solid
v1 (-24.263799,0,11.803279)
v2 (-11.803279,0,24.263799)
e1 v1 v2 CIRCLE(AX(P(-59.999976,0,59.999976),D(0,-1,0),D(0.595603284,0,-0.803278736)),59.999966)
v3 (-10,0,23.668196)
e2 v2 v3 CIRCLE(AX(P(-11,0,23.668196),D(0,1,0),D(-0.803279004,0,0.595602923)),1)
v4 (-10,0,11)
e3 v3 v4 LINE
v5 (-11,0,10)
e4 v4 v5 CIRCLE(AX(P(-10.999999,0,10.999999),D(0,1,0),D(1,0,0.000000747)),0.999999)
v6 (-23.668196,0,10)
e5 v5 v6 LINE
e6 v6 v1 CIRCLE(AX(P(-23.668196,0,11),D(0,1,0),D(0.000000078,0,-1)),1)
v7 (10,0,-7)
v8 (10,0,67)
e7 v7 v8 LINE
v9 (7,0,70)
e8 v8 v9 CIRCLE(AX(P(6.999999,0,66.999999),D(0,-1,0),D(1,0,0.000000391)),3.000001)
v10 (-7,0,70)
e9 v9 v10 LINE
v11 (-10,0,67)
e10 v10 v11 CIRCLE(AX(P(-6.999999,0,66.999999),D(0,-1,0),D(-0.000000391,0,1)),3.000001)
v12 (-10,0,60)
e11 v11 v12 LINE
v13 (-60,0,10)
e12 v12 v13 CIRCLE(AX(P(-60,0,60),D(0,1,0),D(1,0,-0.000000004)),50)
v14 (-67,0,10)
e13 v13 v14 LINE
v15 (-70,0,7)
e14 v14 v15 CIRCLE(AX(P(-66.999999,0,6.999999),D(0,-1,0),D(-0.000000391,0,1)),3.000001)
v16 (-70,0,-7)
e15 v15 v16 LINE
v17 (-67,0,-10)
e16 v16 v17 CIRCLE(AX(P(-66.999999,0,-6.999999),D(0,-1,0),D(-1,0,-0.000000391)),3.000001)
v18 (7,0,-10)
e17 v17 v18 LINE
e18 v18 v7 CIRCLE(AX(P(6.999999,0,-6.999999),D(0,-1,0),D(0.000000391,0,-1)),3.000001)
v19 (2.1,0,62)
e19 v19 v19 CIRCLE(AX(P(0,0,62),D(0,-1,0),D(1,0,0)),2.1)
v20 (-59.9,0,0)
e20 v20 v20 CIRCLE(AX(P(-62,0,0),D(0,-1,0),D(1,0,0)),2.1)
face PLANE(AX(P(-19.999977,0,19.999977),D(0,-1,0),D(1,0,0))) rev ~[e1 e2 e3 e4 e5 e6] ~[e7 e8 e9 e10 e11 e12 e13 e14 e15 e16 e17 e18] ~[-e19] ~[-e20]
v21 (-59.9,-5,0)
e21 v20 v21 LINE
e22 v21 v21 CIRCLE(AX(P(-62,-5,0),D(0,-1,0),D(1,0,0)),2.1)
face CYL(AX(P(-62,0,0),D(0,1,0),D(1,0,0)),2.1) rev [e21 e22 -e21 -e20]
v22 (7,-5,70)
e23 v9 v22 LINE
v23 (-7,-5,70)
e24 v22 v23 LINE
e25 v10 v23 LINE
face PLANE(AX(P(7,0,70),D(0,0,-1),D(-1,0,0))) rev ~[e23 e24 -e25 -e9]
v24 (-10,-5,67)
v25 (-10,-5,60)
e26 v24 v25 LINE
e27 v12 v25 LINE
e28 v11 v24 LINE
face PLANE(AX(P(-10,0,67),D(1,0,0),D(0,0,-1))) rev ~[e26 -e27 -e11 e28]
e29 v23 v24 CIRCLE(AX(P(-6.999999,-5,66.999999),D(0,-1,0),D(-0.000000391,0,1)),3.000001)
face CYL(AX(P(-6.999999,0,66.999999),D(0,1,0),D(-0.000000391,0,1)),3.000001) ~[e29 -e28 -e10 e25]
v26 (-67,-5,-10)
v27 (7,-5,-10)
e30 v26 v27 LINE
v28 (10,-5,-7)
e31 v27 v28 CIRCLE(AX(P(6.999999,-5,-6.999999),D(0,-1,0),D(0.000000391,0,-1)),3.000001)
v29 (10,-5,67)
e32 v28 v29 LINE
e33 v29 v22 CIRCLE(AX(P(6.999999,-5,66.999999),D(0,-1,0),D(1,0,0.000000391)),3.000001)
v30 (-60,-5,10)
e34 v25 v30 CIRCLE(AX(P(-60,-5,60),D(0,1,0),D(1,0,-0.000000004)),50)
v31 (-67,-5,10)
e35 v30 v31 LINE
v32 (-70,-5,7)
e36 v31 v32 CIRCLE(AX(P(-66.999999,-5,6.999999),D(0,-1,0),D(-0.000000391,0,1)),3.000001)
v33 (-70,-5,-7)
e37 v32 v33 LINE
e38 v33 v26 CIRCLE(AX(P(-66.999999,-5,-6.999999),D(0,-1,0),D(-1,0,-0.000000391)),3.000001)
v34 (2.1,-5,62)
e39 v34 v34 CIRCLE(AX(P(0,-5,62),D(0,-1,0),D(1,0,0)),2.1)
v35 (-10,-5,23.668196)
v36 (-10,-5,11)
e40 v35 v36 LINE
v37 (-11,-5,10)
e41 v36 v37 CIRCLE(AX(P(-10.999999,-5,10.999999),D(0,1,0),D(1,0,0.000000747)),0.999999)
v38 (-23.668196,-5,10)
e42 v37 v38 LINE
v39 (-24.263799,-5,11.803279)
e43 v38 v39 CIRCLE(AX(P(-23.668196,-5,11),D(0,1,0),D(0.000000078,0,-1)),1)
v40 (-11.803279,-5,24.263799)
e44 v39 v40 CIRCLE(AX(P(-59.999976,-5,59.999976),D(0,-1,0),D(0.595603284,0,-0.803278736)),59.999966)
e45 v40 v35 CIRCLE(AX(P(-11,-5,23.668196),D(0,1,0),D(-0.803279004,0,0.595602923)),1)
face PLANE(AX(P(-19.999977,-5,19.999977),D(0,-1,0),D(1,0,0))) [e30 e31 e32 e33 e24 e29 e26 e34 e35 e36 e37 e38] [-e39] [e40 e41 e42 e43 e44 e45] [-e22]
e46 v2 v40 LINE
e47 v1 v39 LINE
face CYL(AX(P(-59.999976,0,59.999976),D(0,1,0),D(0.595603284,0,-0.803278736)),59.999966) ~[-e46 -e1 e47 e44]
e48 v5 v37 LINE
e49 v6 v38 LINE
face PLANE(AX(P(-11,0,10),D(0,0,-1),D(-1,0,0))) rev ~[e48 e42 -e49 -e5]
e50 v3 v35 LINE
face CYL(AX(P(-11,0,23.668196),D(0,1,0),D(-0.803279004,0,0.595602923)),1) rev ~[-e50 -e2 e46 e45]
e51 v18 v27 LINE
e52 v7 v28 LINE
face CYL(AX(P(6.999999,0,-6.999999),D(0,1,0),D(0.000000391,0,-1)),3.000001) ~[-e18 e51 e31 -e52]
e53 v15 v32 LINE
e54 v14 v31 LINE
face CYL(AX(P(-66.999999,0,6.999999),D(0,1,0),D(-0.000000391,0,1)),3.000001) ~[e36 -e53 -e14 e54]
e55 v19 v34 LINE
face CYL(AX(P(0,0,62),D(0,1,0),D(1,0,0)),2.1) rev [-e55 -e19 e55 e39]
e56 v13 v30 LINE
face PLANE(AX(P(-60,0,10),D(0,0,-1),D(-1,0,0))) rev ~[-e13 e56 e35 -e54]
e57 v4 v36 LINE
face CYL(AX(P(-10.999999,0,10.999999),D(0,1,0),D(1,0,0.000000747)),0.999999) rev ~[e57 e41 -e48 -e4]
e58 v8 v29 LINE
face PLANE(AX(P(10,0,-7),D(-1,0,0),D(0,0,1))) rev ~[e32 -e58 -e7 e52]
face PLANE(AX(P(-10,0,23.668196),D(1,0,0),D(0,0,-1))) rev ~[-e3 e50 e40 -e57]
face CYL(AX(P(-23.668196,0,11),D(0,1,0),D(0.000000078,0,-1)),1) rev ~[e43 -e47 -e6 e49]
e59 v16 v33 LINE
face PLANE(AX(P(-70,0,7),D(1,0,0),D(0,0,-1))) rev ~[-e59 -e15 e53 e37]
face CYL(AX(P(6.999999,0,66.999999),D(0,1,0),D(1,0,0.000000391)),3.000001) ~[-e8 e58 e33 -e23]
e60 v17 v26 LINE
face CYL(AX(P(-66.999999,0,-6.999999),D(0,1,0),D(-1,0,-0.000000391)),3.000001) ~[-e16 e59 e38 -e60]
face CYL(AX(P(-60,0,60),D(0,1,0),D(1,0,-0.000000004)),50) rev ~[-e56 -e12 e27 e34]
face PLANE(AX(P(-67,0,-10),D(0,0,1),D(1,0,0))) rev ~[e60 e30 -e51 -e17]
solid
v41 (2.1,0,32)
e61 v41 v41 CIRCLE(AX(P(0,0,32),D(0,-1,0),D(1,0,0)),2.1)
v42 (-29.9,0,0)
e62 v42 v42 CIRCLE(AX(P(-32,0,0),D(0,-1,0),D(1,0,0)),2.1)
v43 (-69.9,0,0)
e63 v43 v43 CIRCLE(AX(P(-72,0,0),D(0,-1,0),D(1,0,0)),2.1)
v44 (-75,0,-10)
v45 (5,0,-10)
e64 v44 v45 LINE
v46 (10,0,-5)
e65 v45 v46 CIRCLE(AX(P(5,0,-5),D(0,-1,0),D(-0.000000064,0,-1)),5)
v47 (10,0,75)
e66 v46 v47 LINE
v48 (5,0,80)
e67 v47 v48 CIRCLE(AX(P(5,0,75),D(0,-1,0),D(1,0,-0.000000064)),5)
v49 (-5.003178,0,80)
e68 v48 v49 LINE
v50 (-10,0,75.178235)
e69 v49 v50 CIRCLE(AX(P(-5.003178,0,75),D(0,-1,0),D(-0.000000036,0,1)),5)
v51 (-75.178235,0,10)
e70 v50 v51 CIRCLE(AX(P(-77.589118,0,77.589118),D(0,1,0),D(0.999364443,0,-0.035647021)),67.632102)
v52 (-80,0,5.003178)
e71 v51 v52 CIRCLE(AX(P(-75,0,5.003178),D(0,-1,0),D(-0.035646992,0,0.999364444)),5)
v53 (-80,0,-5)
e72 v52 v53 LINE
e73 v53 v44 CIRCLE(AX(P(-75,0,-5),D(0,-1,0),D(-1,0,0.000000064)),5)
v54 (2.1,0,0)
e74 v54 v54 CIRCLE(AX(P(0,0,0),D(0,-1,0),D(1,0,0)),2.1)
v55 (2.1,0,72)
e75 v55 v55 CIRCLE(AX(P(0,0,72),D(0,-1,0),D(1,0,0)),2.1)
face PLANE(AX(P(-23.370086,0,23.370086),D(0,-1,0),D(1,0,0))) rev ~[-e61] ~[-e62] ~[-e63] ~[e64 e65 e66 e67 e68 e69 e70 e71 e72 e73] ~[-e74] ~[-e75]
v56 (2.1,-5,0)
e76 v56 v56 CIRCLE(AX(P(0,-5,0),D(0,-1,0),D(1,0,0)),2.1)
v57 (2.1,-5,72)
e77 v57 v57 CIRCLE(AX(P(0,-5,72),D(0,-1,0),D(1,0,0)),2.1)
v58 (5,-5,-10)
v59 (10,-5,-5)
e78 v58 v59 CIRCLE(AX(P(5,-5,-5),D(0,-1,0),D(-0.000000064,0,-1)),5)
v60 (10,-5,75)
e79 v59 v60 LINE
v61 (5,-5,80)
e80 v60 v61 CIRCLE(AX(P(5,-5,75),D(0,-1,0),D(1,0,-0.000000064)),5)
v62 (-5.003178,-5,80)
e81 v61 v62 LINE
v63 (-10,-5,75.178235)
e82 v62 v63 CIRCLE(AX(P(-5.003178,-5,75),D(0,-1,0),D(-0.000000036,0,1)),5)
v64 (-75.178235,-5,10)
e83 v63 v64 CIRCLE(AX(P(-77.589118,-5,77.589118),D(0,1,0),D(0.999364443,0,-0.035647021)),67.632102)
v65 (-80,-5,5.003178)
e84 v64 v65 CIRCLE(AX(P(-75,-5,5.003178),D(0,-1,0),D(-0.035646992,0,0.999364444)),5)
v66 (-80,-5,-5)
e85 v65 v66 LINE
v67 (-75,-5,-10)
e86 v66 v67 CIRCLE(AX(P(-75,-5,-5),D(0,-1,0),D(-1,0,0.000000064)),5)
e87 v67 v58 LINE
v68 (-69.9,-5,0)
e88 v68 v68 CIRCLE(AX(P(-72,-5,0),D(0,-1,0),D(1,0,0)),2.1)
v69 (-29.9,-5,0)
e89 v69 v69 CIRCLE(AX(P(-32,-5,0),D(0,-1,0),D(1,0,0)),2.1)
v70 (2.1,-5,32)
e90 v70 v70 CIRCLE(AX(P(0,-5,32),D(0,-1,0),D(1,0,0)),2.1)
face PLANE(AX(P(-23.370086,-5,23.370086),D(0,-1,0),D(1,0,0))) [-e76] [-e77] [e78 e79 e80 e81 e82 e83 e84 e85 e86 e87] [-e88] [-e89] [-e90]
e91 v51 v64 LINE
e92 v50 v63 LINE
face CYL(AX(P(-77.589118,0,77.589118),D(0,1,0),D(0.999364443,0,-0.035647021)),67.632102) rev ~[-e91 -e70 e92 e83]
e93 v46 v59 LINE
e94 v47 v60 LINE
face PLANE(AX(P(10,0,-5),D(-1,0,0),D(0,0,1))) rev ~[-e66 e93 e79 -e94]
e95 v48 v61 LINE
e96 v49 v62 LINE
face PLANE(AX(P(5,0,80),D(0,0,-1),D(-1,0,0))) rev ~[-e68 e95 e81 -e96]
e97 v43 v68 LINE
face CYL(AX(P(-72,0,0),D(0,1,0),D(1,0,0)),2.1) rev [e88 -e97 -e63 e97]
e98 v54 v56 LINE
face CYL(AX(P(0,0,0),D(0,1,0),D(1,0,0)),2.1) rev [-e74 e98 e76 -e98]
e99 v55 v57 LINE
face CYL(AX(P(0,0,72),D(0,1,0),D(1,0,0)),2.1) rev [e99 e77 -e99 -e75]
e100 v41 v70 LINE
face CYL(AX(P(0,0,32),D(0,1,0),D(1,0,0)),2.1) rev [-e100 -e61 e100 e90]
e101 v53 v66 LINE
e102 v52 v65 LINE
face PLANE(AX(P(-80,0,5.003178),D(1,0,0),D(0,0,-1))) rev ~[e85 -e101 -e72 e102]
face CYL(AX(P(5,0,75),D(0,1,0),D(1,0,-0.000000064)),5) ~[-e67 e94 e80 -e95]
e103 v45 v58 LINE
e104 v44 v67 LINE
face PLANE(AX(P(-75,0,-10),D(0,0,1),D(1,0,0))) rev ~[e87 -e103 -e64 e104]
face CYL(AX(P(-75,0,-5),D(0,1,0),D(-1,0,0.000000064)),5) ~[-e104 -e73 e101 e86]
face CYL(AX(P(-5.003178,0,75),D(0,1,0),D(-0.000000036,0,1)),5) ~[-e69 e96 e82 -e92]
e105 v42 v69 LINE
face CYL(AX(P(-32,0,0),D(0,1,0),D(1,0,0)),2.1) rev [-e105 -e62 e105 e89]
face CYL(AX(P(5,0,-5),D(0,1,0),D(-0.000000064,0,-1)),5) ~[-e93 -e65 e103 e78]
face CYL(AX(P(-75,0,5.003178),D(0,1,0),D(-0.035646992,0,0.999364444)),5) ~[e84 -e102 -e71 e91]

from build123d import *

# Parameters (mm, degrees)
F0_R     = 2.1
F1_DEPTH = 5
F2_R     = 2.1
F3_DEPTH = 5


with BuildPart() as f1:
    # F0 (on Front) → F1 (new body)
    with BuildSketch(Plane.XZ):
        with BuildLine():
            ThreePointArc((-75.178235, 10), (-78.597998, 8.475124), (-80, 5.003178))
            Line((-80, 5.003178), (-80, 0))
            Line((-80, 0), (-80, -5))
            ThreePointArc((-80, -5), (-78.535534, -8.535534), (-75, -10))
            Line((-75, -10), (5, -10))
            ThreePointArc((5, -10), (8.535534, -8.535534), (10, -5))
            Line((10, -5), (10, 75))
            ThreePointArc((10, 75), (8.535534, 78.535534), (5, 80))
            Line((5, 80), (0, 80))
            Line((0, 80), (-5.003178, 80))
            ThreePointArc((-5.003178, 80), (-8.475124, 78.597998), (-10, 75.178235))
            ThreePointArc((-10, 75.178235), (-29.766, 29.766), (-75.178235, 10))
        make_face()
        with Locations((-72, 0)):
            Circle(F0_R, mode=Mode.SUBTRACT)
        with Locations((-32, 0)):
            Circle(F0_R, mode=Mode.SUBTRACT)
        Circle(F0_R, mode=Mode.SUBTRACT)
        with Locations((0, 32)):
            Circle(F0_R, mode=Mode.SUBTRACT)
        with Locations((0, 72)):
            Circle(F0_R, mode=Mode.SUBTRACT)
    extrude(amount=F1_DEPTH)


with BuildPart() as f3:
    # F2 (on Front) → F3 (new body)
    with BuildSketch(Plane.XZ):
        with BuildLine():
            Line((7, 70), (0, 70))
            Line((0, 70), (-7, 70))
            ThreePointArc((-7, 70), (-9.12132, 69.12132), (-10, 67))
            Line((-10, 67), (-10, 60))
            ThreePointArc((-10, 60), (-24.644661, 24.644661), (-60, 10))
            Line((-60, 10), (-67, 10))
            ThreePointArc((-67, 10), (-69.12132, 9.12132), (-70, 7))
            Line((-70, 7), (-70, 0))
            Line((-70, 0), (-70, -7))
            ThreePointArc((-70, -7), (-69.12132, -9.12132), (-67, -10))
            Line((-67, -10), (7, -10))
            ThreePointArc((7, -10), (9.12132, -9.12132), (10, -7))
            Line((10, -7), (10, 67))
            ThreePointArc((10, 67), (9.12132, 69.12132), (7, 70))
        make_face()
        with Locations((-62, 0)):
            Circle(F2_R, mode=Mode.SUBTRACT)
        with BuildLine():
            ThreePointArc((-23.668196, 10), (-24.617743, 10.686375), (-24.263799, 11.803279))
            ThreePointArc((-24.263799, 11.803279), (-17.573593, 17.573593), (-11.803279, 24.263799))
            ThreePointArc((-11.803279, 24.263799), (-10.686375, 24.617743), (-10, 23.668196))
            Line((-10, 23.668196), (-10, 11))
            ThreePointArc((-10, 11), (-10.292893, 10.292893), (-11, 10))
            Line((-11, 10), (-23.668196, 10))
        make_face(mode=Mode.SUBTRACT)
        with Locations((0, 62)):
            Circle(F2_R, mode=Mode.SUBTRACT)
    extrude(amount=F3_DEPTH)


solid = Compound([f1.part, f3.part])
